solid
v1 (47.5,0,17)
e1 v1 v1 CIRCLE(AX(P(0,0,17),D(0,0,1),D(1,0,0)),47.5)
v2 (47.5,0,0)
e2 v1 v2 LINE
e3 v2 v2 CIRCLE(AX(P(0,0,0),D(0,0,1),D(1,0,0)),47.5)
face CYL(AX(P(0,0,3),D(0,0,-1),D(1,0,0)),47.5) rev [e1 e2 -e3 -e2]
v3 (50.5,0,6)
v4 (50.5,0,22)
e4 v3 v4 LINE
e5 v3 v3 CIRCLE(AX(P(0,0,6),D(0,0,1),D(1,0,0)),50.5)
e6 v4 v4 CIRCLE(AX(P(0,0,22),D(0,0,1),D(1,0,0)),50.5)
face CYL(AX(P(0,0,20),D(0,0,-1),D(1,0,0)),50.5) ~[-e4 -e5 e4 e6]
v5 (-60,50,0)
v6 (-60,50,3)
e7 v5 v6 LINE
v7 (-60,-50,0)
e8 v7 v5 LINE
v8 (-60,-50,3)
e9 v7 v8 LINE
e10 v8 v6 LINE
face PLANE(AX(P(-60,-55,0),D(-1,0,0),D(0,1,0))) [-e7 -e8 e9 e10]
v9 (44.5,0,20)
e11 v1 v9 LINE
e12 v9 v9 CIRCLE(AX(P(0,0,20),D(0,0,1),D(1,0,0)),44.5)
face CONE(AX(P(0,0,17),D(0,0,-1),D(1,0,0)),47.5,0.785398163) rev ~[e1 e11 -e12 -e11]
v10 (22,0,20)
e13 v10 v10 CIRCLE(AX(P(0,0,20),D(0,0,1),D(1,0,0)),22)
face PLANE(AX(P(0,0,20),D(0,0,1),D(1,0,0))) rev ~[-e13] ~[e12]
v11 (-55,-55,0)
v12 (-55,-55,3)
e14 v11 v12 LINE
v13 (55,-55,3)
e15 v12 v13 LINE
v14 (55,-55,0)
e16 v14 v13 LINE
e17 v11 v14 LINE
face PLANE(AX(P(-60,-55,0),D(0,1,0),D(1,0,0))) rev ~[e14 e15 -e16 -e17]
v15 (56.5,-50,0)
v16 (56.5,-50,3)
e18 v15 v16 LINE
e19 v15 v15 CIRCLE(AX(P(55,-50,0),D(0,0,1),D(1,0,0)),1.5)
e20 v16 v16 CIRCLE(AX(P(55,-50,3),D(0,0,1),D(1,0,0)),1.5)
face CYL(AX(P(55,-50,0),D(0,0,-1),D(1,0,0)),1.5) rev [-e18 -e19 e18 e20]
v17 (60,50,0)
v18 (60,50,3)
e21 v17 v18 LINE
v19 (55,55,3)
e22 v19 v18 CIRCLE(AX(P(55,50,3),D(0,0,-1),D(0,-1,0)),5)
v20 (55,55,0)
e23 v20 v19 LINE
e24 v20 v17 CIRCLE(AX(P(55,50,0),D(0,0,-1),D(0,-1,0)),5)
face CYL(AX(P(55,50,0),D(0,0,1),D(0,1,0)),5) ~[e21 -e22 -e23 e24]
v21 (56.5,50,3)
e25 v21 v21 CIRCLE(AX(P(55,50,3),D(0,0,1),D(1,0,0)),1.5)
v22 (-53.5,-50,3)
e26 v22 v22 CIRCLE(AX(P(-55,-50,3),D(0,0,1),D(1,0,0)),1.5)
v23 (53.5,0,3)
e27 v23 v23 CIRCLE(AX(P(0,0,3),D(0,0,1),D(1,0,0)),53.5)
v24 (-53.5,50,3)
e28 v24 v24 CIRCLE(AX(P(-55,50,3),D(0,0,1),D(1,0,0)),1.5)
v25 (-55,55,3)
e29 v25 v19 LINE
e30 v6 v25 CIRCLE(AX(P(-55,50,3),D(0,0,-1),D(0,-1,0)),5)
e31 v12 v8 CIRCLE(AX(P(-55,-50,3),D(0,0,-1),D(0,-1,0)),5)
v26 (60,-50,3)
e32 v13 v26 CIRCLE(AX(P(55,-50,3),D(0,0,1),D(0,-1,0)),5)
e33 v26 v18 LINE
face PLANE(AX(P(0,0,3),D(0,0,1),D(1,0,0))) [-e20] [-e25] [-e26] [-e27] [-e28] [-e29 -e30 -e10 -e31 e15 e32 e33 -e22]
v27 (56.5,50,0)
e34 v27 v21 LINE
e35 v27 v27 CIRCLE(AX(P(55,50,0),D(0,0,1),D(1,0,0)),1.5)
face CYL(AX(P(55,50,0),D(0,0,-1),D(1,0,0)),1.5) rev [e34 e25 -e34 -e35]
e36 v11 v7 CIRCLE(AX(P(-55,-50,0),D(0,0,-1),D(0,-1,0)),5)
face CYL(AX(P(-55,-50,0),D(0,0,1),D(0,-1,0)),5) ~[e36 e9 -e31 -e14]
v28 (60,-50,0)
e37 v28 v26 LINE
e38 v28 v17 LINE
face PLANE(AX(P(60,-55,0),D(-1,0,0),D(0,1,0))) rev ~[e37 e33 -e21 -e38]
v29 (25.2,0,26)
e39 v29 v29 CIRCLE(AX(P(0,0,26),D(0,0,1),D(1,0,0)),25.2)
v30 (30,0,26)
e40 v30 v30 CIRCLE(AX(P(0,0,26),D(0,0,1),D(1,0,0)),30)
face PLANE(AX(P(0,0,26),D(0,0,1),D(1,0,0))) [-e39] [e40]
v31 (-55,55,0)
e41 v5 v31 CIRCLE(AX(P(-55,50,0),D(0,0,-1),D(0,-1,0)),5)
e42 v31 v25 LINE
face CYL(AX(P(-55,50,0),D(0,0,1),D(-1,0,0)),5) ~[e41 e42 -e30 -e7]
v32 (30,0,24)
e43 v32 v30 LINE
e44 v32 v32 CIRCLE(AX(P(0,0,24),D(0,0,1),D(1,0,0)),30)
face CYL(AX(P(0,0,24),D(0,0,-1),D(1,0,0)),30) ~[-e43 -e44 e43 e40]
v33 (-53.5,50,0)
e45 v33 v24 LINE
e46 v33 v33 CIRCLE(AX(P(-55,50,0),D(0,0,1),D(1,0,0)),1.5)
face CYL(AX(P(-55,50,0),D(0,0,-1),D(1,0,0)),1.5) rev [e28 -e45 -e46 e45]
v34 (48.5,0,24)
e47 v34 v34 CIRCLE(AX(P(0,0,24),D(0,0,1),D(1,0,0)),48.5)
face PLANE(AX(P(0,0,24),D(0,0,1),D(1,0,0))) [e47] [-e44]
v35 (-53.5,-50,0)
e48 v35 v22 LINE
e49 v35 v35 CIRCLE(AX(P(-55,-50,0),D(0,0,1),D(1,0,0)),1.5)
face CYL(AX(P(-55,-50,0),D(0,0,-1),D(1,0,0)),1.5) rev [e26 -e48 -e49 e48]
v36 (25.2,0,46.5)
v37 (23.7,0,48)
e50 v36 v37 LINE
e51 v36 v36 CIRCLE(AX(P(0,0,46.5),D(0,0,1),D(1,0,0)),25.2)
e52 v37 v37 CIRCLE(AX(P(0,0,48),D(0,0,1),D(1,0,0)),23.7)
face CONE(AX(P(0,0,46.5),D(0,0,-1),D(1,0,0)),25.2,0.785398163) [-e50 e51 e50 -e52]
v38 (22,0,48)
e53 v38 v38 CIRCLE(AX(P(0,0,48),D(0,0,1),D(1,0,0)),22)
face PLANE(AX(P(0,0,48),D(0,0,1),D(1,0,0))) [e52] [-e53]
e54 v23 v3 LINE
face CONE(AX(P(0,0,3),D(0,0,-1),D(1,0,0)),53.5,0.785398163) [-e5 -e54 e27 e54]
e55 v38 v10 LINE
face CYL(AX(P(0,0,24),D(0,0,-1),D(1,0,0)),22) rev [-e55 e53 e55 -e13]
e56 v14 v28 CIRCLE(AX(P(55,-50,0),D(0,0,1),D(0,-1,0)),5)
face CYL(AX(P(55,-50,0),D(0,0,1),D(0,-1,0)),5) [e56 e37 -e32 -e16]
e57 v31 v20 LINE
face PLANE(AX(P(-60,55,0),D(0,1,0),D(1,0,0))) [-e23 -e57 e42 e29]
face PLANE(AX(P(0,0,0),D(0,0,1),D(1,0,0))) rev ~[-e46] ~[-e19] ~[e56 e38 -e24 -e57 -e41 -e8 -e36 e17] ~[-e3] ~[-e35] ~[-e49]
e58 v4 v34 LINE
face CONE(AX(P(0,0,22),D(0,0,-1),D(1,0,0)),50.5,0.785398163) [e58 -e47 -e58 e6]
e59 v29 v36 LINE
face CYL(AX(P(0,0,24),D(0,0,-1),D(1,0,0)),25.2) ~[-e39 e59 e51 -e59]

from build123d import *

# Parameters (mm, degrees)
SKETCH_W        = 120
SKETCH_H        = 110
SKETCH_R        = 1.5
SKETCH_R_2      = 47.5
PAD_DEPTH       = 3
SKETCH001_R     = 50.5
SKETCH001_R_2   = 47.5
PAD001_DEPTH    = 17
SKETCH008_R     = 50.5
SKETCH008_R_2   = 22
PAD005_DEPTH    = 4
SKETCH004_R     = 30
SKETCH004_R_2   = 25.2
PAD004_DEPTH    = 2
SKETCH009_R     = 25.2
SKETCH009_R_2   = 22
PAD006_DEPTH    = 24
CHAMFER_SIZE    = 2
CHAMFER001_SIZE = 1.5
FILLET_R        = 5
FILLET001_R     = 5
FILLET002_R     = 5


with BuildPart() as part:
    # Sketch → Pad (new body)
    with BuildSketch(Plane.XY):
        Rectangle(SKETCH_W, SKETCH_H)
        with Locations((-55, 50)):
            Circle(SKETCH_R, mode=Mode.SUBTRACT)
        with Locations((-55, -50)):
            Circle(SKETCH_R, mode=Mode.SUBTRACT)
        with Locations((55, 50)):
            Circle(SKETCH_R, mode=Mode.SUBTRACT)
        with Locations((55, -50)):
            Circle(SKETCH_R, mode=Mode.SUBTRACT)
        Circle(SKETCH_R_2, mode=Mode.SUBTRACT)
    extrude(amount=PAD_DEPTH)

    # Sketch001 (on Face11 of Pad) → Pad001 (join)
    with BuildSketch(Plane.XY.offset(3)):
        Circle(SKETCH001_R)
        Circle(SKETCH001_R_2, mode=Mode.SUBTRACT)
    extrude(amount=PAD001_DEPTH)

    # Sketch008 (on Face14 of Pad001) → Pad005 (join)
    with BuildSketch(Plane.XY.offset(20)):
        Circle(SKETCH008_R)
        Circle(SKETCH008_R_2, mode=Mode.SUBTRACT)
    extrude(amount=PAD005_DEPTH)

    # Sketch004 → Pad004 (join)
    with BuildSketch(Plane.XY.offset(24)):
        Circle(SKETCH004_R)
        Circle(SKETCH004_R_2, mode=Mode.SUBTRACT)
    extrude(amount=PAD004_DEPTH)

    # Sketch009 (on Face16 of Pad004) → Pad006 (join)
    with BuildSketch(Plane.XY.offset(24)):
        Circle(SKETCH009_R)
        Circle(SKETCH009_R_2, mode=Mode.SUBTRACT)
    extrude(amount=PAD006_DEPTH)

    # Sketch005 → Revolution (revolve)
    with BuildSketch(Plane.XZ):
        Polygon((47.5, 20), (47.5, 17), (44.5, 20), align=None)
    revolve(axis=Axis((0, 0, 0), (0, 0, 1)))

    # Sketch006 → Revolution001 (revolve)
    with BuildSketch(Plane.XZ):
        Polygon((50.5, 6), (50.5, 3), (53.5, 3), align=None)
    revolve(axis=Axis((0, 0, 0), (0, 0, 1)))

    # Chamfer
    chamfer_edges = [part.edges().sort_by_distance(p)[0] for p in [
        (-50.5, 0, 24),
    ]]
    chamfer(chamfer_edges, length=CHAMFER_SIZE)

    # Chamfer001
    chamfer001_edges = [part.edges().sort_by_distance(p)[0] for p in [
        (-25.2, 0, 48),
    ]]
    chamfer(chamfer001_edges, length=CHAMFER001_SIZE)

    # Fillet
    fillet_edges = [part.edges().sort_by_distance(p)[0] for p in [
        (60, 55, 1.5),
        (60, -55, 1.5),
    ]]
    fillet(fillet_edges, radius=FILLET_R)

    # Fillet001
    fillet001_edges = [part.edges().sort_by_distance(p)[0] for p in [
        (-60, -55, 1.5),
    ]]
    fillet(fillet001_edges, radius=FILLET001_R)

    # Fillet002
    fillet002_edges = [part.edges().sort_by_distance(p)[0] for p in [
        (-60, 55, 1.5),
    ]]
    fillet(fillet002_edges, radius=FILLET002_R)


solid = part.part
